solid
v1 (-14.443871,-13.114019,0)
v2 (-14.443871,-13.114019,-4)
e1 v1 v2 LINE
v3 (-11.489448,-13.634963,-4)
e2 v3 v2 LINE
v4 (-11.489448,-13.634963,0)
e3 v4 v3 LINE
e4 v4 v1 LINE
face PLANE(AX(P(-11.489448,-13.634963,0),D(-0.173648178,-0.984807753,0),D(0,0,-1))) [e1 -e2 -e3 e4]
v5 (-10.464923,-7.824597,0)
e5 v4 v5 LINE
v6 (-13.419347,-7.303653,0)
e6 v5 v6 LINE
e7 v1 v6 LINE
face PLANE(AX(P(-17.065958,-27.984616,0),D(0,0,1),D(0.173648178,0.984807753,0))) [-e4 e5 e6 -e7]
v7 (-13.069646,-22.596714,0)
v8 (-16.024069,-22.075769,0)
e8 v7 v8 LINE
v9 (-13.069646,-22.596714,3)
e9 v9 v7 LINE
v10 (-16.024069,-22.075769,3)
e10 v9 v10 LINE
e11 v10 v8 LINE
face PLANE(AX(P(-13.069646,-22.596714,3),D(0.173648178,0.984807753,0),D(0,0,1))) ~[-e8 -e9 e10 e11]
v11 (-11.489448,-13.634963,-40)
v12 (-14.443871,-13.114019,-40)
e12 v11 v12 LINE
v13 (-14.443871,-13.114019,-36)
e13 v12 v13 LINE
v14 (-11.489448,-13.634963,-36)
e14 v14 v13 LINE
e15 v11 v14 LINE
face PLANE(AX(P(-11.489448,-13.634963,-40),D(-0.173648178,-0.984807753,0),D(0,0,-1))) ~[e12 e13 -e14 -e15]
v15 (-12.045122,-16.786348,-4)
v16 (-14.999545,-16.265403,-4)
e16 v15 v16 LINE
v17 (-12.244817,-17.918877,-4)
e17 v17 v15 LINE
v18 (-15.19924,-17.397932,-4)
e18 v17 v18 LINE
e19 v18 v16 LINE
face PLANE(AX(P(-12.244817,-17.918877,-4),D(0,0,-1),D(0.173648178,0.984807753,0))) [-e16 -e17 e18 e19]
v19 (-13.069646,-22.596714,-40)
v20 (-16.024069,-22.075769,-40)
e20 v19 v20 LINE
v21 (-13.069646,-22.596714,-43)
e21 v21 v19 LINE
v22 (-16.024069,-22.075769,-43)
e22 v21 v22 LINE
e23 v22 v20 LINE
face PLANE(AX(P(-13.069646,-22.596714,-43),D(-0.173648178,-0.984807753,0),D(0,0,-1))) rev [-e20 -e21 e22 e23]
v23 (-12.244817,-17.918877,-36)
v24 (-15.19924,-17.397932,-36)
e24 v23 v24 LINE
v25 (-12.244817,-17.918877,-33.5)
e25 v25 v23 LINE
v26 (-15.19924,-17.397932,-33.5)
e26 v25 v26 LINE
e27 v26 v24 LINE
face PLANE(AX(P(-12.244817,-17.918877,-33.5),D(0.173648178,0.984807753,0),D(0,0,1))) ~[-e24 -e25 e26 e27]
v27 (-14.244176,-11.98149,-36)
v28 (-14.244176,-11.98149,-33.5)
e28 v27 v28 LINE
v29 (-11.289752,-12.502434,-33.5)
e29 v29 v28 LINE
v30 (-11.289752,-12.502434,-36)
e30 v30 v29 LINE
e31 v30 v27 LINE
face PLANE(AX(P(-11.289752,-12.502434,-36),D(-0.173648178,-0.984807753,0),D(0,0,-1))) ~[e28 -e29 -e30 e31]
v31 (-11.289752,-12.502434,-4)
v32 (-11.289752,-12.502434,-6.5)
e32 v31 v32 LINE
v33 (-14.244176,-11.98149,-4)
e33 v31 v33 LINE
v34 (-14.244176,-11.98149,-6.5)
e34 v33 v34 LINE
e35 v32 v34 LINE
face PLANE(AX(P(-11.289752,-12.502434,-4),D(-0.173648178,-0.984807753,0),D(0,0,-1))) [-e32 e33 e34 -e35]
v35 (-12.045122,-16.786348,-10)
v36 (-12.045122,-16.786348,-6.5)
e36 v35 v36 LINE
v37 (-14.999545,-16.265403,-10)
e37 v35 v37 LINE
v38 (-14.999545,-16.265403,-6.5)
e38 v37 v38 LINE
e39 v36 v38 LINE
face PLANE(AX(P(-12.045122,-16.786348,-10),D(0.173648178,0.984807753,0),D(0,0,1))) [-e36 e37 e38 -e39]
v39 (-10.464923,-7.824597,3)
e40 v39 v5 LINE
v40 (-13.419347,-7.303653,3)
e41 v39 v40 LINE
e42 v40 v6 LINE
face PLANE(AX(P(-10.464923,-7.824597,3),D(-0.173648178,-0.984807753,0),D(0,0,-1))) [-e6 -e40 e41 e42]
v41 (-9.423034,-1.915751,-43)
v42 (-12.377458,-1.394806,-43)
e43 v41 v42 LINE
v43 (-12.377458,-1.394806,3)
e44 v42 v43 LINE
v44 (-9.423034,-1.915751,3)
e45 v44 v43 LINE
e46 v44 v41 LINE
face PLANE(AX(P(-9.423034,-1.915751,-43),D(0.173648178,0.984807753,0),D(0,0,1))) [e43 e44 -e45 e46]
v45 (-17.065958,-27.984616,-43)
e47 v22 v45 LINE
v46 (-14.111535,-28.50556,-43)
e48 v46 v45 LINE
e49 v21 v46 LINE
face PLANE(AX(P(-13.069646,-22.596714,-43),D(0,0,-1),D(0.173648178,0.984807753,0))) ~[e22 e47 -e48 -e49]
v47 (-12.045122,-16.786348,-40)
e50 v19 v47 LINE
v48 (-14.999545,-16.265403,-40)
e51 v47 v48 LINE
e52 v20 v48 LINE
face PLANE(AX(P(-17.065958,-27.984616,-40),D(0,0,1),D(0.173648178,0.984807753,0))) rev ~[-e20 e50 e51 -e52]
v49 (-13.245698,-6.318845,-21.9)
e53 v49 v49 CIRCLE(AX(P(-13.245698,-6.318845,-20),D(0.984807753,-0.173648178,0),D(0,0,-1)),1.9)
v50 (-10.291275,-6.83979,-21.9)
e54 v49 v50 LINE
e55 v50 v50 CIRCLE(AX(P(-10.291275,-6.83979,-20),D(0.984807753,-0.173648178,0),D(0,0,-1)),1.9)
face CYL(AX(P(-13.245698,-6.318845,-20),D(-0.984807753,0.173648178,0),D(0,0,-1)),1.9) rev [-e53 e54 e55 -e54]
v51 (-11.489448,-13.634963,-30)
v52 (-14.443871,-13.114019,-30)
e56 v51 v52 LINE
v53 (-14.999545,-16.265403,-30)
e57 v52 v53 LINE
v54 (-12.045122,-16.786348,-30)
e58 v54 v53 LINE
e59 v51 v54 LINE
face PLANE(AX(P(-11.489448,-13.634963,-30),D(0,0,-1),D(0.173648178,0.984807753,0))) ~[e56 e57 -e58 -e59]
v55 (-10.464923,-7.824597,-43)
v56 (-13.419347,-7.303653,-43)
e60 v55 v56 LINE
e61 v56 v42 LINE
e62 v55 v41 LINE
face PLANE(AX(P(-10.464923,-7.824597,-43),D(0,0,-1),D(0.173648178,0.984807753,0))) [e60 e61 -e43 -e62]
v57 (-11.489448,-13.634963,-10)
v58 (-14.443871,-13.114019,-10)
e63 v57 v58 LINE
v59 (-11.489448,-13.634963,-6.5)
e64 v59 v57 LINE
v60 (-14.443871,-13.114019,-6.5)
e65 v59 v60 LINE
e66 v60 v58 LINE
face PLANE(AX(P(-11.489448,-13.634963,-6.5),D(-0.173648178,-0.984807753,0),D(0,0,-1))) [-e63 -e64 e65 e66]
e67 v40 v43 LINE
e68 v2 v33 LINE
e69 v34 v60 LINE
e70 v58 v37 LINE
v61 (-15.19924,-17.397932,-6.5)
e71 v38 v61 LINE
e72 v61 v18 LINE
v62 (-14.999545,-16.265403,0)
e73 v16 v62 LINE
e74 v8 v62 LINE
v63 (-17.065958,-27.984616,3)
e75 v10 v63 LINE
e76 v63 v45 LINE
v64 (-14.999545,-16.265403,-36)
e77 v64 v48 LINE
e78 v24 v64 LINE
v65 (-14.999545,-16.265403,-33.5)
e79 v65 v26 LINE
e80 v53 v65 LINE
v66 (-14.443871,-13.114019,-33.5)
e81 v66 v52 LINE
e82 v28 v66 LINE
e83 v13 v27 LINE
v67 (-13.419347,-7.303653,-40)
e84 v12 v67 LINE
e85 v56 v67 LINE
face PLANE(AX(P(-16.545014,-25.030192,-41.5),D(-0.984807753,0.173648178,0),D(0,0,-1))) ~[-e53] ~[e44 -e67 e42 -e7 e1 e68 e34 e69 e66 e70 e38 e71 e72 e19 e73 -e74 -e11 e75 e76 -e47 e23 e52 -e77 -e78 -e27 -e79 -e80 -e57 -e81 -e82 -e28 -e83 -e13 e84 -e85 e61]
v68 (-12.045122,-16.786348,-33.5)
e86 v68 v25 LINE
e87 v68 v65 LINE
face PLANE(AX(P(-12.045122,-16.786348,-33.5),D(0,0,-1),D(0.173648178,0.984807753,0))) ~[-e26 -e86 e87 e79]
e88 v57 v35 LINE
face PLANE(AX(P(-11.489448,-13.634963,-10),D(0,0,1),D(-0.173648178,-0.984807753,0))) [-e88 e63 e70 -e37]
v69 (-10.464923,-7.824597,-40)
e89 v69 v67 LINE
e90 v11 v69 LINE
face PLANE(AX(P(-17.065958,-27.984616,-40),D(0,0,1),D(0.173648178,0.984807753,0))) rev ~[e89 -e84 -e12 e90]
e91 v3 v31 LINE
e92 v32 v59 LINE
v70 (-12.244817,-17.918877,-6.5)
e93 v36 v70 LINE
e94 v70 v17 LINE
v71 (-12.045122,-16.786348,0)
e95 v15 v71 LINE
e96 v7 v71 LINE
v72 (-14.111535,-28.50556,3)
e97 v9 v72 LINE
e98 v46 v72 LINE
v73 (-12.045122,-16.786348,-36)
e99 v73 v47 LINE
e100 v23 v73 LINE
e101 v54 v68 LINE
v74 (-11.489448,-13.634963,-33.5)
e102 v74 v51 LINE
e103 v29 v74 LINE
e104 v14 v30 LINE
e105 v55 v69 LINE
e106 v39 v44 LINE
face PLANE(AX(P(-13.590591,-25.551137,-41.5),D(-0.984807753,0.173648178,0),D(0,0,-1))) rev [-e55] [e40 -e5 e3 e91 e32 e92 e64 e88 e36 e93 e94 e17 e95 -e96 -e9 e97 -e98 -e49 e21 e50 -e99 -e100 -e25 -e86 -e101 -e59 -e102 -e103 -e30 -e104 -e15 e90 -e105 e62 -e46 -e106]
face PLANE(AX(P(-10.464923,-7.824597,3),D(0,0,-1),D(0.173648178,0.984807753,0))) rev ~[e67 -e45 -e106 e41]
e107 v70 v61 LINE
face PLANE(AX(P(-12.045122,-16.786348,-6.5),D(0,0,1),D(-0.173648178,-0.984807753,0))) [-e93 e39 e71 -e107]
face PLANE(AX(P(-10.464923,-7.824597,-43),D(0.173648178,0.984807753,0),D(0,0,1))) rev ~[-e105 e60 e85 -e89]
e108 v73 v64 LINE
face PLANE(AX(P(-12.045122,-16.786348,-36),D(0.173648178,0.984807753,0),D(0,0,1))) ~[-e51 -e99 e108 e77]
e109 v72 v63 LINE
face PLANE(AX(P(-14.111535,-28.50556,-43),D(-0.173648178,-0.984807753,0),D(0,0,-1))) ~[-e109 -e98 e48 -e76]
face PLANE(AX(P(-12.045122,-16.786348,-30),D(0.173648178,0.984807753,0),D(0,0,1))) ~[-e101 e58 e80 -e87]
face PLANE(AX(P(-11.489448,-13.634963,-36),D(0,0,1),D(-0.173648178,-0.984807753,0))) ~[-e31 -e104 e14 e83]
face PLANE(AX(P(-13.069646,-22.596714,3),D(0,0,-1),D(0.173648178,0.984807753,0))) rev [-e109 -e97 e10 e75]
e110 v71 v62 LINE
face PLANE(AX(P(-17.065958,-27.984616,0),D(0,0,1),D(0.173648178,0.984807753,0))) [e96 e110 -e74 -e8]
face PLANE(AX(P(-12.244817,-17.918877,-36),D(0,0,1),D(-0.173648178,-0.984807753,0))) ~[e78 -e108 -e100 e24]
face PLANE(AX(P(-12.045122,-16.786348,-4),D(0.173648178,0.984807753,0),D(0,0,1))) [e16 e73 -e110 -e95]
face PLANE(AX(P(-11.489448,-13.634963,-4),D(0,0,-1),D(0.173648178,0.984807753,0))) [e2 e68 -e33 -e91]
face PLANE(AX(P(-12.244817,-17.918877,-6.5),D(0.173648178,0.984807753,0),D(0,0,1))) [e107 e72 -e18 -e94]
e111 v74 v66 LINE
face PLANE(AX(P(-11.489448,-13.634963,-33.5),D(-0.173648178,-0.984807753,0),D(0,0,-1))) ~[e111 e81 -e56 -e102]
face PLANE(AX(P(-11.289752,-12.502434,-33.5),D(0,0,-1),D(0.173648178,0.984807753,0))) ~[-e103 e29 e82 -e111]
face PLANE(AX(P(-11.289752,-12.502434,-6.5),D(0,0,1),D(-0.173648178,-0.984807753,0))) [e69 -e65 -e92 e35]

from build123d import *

# Parameters (mm, degrees)
SKETCH020_W             = 40
SKETCH020_H             = 27
SKETCH020_R             = 1.9
PAD007_DEPTH            = 3
SKETCH021_W             = 3
SKETCH021_H             = 6
PAD008_DEPTH            = 3
SKETCH021_MIRRORED_2_W  = 3
SKETCH021_MIRRORED_2_H  = 6
PAD008_MIRRORED_2_DEPTH = 3
POCKET013_DEPTH         = 109.846683
BODY005_ROLL_ANGLE      = -90
BODY005_PLACEMENT_ANGLE = -10


with BuildPart() as part:
    # Sketch020 → Pad007 (new body)
    with BuildSketch(Plane.YZ):
        Rectangle(SKETCH020_W, SKETCH020_H)
        with Locations((0, 8.5)):
            Circle(SKETCH020_R, mode=Mode.SUBTRACT)
    extrude(amount=PAD007_DEPTH)

    # Sketch021 (on Face7 of Pad007) → Pad008 (join)
    with BuildSketch(Plane.YZ.offset(3)):
        with Locations((-21.5, 10.5)):
            Rectangle(SKETCH021_W, SKETCH021_H)
    pad008 = extrude(amount=-PAD008_DEPTH)

    # Sketch021 Mirrored 2 → Pad008 Mirrored 2 (add)
    with BuildSketch(Plane(origin=(3, 0, 0), x_dir=(0, -1, 0), z_dir=(-1, 0, 0))):
        with Locations((-21.5, 10.5)):
            Rectangle(SKETCH021_MIRRORED_2_W, SKETCH021_MIRRORED_2_H)
    pad008_mirrored_2 = extrude(amount=PAD008_MIRRORED_2_DEPTH)

    # Mirrored001: Pad008, Pad008 Mirrored 2 across Sketch021 H_Axis
    add(pad008.mirror(Plane(origin=(3, 0, 0), x_dir=(1, 0, 0), z_dir=(0, 0, 1))))
    add(pad008_mirrored_2.mirror(Plane(origin=(3, 0, 0), x_dir=(1, 0, 0), z_dir=(0, 0, 1))))

    # Sketch022 (on Face12 of MultiTransform) → Pocket013 (cut, through all)
    with BuildSketch(Plane.YZ.offset(3)):
        Polygon((-20, 1.6), (-16, 1.6), (-16, 2.75), (-13.5, 2.75), (-13.5, 1.6), (-10, 1.6), (-10, -1.6), (-13.5, -1.6), (-13.5, -2.75), (-16, -2.75), (-16, -1.6), (-20, -1.6), align=None)
    pocket013 = extrude(amount=-POCKET013_DEPTH, mode=Mode.SUBTRACT)

    # Mirrored002: Pocket013 across Sketch022 V_Axis
    add(pocket013.mirror(Plane(origin=(3, 0, 0), x_dir=(1, 0, 0), z_dir=(0, 1, 0))), mode=Mode.SUBTRACT)


with BuildPart() as part_1:
    # Body005 roll: moved
    add(part.part.rotate(Axis((0, 0, 0), (1, 0, 0)), BODY005_ROLL_ANGLE))


with BuildPart() as part_2:
    # Body005 placement: moved
    add(part_1.part.moved(Location((-14.721708, -14.689711, -20))).rotate(Axis((-14.721708, -14.689711, -20), (0, 0, 1)), BODY005_PLACEMENT_ANGLE))


solid = part_2.part
